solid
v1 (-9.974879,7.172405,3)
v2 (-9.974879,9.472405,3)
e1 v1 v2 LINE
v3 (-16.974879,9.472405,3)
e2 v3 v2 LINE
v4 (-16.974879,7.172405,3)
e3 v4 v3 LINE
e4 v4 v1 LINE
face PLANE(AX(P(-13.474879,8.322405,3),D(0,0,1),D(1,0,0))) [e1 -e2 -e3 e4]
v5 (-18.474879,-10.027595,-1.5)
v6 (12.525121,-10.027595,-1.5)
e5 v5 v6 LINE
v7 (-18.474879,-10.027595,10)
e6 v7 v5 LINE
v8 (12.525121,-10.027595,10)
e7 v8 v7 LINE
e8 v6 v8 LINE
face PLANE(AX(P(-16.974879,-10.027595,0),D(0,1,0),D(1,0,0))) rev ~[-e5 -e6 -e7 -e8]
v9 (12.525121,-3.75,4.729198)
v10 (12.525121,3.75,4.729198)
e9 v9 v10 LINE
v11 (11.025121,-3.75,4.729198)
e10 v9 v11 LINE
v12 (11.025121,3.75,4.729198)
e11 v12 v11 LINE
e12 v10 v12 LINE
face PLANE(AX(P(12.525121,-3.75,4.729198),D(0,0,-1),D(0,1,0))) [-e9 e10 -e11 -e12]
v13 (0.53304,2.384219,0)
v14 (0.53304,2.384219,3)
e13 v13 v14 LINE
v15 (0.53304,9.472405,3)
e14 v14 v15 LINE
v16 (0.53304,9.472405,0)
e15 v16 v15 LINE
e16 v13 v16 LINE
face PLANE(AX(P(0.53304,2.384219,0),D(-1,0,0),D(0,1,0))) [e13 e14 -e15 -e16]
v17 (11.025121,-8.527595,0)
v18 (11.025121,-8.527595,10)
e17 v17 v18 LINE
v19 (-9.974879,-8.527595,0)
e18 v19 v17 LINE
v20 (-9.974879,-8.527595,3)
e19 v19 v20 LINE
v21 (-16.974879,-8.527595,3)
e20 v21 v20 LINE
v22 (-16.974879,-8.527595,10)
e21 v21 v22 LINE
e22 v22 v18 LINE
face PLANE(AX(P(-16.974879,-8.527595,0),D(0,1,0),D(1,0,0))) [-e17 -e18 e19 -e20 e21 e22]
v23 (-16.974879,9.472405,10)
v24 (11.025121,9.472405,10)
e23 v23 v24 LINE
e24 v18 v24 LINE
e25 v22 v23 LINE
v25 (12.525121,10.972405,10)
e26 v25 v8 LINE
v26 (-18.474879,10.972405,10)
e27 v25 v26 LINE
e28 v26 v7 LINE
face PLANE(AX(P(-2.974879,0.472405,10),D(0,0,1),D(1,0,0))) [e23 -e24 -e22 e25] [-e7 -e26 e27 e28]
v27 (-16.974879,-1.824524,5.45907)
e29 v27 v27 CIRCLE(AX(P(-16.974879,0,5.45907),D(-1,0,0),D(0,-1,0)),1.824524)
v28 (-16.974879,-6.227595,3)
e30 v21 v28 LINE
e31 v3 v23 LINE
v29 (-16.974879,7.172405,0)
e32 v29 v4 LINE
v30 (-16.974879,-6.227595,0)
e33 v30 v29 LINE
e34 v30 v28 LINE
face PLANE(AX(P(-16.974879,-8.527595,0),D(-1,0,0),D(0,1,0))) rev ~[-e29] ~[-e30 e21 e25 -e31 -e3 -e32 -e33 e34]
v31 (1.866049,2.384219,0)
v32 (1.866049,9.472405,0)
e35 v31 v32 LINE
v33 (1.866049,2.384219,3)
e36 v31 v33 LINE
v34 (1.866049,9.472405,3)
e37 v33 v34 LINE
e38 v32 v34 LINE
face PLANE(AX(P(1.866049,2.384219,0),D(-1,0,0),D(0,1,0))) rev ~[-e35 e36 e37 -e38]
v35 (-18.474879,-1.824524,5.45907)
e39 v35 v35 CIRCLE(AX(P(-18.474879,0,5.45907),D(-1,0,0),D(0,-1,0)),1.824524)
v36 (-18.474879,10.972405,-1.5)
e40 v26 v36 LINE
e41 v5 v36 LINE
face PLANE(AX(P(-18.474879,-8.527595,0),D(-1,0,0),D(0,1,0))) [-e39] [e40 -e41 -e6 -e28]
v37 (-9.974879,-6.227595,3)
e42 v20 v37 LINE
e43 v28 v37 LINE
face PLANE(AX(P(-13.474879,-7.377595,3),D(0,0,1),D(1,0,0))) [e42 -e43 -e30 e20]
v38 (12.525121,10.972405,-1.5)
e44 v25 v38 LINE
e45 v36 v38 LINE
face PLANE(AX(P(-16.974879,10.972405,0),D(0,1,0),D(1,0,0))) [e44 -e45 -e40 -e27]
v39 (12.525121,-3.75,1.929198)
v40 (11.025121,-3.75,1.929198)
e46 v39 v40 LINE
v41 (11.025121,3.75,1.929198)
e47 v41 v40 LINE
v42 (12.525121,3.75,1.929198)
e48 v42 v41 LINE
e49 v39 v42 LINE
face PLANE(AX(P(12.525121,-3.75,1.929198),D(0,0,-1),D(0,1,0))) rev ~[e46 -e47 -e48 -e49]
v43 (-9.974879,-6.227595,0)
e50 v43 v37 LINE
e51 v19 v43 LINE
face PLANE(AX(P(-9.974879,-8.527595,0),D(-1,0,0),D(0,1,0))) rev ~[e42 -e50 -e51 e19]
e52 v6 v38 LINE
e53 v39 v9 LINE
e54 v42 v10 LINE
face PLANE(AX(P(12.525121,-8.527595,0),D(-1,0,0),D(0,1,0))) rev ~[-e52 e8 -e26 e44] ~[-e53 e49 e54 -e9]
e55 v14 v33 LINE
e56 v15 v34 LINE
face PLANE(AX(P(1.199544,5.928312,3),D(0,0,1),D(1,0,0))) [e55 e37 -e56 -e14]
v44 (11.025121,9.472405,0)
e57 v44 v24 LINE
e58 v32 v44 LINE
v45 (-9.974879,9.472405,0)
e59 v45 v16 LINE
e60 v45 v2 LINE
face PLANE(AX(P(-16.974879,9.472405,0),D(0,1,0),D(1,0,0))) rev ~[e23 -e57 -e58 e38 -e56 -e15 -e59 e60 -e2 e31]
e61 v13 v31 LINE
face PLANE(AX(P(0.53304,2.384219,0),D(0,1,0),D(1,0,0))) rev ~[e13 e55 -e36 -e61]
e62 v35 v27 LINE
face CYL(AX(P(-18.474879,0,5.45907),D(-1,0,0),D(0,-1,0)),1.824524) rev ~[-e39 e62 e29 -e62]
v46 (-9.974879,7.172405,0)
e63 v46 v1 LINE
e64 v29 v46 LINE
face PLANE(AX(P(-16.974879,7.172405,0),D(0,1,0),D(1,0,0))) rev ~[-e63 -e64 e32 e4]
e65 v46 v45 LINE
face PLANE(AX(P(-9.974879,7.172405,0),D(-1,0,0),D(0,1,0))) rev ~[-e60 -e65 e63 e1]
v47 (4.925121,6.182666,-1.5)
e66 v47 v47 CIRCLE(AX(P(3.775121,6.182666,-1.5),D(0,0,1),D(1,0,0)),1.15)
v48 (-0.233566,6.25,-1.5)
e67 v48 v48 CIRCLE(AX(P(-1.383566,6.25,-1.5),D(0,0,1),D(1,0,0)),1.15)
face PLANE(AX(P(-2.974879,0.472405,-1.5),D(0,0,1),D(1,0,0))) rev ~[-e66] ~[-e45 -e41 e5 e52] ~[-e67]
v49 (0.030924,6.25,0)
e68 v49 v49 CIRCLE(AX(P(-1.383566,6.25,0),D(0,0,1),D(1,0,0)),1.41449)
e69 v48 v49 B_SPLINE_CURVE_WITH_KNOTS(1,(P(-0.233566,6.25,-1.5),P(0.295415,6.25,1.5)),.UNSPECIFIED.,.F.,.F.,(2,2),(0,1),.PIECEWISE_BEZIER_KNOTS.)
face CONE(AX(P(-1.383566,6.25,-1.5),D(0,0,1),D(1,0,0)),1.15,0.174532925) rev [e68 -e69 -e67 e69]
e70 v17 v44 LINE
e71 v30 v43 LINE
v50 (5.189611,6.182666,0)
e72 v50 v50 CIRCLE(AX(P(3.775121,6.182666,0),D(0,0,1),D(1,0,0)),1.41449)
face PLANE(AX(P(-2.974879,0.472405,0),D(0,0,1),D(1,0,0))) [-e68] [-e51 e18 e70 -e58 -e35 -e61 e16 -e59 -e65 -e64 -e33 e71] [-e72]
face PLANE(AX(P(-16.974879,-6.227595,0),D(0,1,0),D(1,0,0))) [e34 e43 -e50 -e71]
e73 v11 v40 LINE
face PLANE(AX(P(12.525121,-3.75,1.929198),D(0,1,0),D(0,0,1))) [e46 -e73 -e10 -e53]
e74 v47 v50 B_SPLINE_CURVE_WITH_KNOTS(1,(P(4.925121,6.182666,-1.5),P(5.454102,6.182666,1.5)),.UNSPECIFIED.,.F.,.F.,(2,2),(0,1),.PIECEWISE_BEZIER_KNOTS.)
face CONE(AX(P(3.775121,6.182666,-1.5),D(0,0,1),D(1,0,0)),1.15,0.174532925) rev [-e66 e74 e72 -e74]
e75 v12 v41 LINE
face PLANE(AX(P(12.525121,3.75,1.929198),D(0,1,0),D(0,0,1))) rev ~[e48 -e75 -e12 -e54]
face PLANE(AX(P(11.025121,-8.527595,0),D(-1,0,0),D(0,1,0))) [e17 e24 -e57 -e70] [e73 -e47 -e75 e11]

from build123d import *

# Parameters (mm, degrees)
F0_W      = 28
F0_H      = 18
F1_DEPTH  = 10
F2_T      = 1.5
F3_W      = 7.5
F3_H      = 2.8
F4_DEPTH  = 2
F5_R      = 1.15
F6_DEPTH  = 3
F6_TAPER  = -10
F7_W      = 1.3330084621
F7_H      = 7.0881857659
F7_W_2    = 7
F7_H_2    = 2.3
F8_DEPTH  = 3
F9_R      = 1.8245236246
F10_DEPTH = 5


with BuildPart() as f1:
    # F0 (on Top) → F1 (new body)
    with BuildSketch(Plane.XY):
        with Locations((-2.9748789966, 0.4724050845)):
            Rectangle(F0_W, F0_H)
    extrude(amount=F1_DEPTH)

    # F2
    f2_openings = [f1.faces().sort_by_distance(p)[0] for p in [
        (-2.974879, 0.472405, 10),
    ]]
    offset(amount=F2_T, openings=f2_openings, kind=Kind.INTERSECTION)

    # F3 (on face) → F4 (cut)
    with BuildSketch(Plane.YZ.offset(12.5251210034)):
        with Locations((0, 3.3291981078)):
            Rectangle(F3_W, F3_H)
    extrude(amount=-F4_DEPTH, mode=Mode.SUBTRACT)

    # F5 (on face) → F6 (cut)
    with BuildSketch(Plane(origin=(0, 0, -1.5), x_dir=(1, 0, 0), z_dir=(0, 0, -1))):
        with Locations((-1.3835662976, -6.25)):
            Circle(F5_R)
        with Locations((3.7751210034, -6.1826660439)):
            Circle(F5_R)
    extrude(amount=-F6_DEPTH, taper=F6_TAPER, mode=Mode.SUBTRACT)

    # F7 (on face) → F8 (join)
    with BuildSketch(Plane.XY):
        with Locations((1.1995443201, 5.9283122016)):
            Rectangle(F7_W, F7_H)
        with Locations((-13.4748789966, -7.3775949155)):
            Rectangle(F7_W_2, F7_H_2)
        with Locations((-13.4748789966, 8.3224050845)):
            Rectangle(F7_W_2, F7_H_2)
    extrude(amount=F8_DEPTH)

    # F9 (on face) → F10 (cut)
    with BuildSketch(Plane(origin=(-18.4748789966, 0, 0), x_dir=(0, -1, 0), z_dir=(-1, 0, 0))):
        with Locations((0, 5.4590702057)):
            Circle(F9_R)
    extrude(amount=-F10_DEPTH, mode=Mode.SUBTRACT)


solid = f1.part
